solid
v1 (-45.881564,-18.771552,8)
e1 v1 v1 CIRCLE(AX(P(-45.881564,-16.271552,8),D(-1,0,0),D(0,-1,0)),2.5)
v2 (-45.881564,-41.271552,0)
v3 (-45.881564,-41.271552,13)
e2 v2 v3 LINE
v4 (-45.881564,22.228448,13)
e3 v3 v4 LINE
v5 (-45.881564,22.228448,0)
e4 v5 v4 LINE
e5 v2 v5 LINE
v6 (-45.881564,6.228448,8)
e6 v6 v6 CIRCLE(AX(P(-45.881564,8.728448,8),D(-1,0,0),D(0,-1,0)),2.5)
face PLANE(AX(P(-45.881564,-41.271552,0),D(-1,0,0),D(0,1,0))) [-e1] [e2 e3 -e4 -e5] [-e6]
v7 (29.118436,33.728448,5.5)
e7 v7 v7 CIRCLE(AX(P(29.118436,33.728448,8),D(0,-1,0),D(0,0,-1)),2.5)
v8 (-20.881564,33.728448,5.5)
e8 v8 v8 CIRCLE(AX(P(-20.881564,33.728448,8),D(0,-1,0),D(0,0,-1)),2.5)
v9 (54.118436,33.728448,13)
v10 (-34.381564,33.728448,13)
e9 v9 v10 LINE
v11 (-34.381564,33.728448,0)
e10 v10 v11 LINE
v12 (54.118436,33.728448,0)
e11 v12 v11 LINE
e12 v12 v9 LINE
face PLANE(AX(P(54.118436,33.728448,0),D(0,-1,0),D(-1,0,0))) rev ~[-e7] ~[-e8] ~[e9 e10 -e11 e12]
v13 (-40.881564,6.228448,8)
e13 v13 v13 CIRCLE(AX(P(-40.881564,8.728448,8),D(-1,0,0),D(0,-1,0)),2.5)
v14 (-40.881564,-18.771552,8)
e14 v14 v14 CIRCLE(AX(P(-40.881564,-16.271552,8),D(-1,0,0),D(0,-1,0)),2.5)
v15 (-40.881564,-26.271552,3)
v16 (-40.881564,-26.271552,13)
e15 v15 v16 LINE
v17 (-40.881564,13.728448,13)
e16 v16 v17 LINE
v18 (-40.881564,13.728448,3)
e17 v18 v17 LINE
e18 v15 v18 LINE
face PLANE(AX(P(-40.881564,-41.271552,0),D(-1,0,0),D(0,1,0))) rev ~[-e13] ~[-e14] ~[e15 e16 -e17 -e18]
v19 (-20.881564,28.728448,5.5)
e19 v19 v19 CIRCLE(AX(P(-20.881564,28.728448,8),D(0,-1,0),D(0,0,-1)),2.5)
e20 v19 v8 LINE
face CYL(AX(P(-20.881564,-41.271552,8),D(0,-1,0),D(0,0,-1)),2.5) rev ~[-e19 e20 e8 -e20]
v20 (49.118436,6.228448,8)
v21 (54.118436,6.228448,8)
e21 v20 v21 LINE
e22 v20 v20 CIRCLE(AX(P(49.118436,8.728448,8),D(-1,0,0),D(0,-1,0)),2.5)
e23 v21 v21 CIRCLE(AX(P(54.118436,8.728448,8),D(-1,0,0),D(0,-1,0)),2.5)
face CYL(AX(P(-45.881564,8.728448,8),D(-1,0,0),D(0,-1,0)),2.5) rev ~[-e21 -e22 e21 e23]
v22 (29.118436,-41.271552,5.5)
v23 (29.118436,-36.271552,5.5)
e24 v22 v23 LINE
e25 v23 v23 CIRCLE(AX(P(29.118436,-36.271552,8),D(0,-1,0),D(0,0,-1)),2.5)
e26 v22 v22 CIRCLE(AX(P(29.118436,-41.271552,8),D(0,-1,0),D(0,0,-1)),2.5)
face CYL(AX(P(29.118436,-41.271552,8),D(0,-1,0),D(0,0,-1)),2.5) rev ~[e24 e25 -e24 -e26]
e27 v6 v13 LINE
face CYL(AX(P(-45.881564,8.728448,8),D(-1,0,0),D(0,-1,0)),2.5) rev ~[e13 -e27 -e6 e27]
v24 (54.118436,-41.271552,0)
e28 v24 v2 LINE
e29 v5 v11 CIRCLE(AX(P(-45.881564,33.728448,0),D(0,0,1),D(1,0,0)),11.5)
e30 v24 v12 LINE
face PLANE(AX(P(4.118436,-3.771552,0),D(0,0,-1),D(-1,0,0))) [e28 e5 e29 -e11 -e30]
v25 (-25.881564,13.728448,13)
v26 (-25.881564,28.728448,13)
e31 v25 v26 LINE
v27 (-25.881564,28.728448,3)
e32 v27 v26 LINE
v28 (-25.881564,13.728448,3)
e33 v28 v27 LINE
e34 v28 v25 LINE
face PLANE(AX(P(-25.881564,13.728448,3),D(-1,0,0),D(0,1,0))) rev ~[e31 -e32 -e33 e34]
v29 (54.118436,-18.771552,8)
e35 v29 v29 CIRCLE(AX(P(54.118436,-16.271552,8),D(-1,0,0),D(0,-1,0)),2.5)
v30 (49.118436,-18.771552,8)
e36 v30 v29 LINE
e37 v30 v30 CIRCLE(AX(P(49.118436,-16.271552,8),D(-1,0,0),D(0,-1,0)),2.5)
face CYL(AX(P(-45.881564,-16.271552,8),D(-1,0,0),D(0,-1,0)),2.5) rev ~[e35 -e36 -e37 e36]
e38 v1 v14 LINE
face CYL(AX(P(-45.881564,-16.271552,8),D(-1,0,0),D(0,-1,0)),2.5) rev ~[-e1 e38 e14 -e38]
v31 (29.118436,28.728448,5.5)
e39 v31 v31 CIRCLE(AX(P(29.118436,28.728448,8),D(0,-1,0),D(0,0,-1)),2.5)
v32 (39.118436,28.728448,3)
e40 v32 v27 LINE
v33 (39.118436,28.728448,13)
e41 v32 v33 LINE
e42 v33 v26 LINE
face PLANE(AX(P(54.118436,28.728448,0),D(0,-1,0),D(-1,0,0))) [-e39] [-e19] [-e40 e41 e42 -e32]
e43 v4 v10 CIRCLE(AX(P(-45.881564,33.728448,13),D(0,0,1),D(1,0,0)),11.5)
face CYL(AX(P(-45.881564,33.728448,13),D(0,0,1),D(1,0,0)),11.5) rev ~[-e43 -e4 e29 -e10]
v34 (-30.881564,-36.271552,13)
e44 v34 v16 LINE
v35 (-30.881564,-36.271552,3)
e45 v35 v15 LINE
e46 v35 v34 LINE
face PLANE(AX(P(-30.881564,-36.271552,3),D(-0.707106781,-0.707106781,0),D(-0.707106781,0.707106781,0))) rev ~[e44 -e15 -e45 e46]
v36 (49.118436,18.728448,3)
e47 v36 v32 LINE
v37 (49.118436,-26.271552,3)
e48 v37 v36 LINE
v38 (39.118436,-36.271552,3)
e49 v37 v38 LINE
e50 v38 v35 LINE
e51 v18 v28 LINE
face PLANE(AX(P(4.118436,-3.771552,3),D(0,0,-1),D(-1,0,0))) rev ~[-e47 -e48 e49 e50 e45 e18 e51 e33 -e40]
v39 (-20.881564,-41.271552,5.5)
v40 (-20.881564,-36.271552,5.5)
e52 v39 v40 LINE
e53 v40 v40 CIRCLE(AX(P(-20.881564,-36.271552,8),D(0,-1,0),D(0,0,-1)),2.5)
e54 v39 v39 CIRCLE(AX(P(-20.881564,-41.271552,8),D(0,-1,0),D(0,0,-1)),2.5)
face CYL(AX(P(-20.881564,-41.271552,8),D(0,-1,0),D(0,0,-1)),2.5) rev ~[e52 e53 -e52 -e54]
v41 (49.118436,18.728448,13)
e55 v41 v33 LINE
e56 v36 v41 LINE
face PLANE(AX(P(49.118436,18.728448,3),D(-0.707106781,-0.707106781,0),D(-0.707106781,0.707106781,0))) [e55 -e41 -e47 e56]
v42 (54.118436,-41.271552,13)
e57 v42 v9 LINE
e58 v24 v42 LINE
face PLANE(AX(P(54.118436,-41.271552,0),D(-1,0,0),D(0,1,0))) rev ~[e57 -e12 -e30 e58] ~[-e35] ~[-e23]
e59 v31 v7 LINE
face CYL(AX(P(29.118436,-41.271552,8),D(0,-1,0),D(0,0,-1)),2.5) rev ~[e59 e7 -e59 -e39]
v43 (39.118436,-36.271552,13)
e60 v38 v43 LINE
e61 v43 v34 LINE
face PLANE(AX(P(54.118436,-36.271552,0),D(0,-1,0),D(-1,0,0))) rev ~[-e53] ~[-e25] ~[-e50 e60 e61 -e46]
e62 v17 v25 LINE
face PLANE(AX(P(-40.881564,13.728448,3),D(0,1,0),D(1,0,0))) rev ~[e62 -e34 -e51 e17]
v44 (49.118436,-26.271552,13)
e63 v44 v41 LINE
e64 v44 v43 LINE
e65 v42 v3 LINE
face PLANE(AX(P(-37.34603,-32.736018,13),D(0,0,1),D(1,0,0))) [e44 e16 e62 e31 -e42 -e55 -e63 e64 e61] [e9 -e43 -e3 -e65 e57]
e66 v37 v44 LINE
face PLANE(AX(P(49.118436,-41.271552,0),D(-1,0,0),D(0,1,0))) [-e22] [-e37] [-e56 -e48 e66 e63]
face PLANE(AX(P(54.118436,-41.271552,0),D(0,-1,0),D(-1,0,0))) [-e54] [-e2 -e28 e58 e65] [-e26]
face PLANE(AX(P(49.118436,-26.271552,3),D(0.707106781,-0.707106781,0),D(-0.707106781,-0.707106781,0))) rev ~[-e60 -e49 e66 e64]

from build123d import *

# Parameters (mm, degrees)
BOSS_EXTRU_1_DEPTH        = 13
COQUE1_T                  = -5
COQUE1_THICKNESS_2_FACE_W = 90
COQUE1_THICKNESS_2_FACE_H = 65
COQUE1_THICKNESS_2_DEPTH  = 2
ENL_V_MAT_EXTRU_1_REACH   = 110.96
ESQUISSE2_R               = 2.5
ENL_V_MAT_EXTRU_2_REACH   = 95.396
ESQUISSE3_R               = 2.5
ESQUISSE4_W               = 15
ESQUISSE4_H               = 15
BOSS_EXTRU_2_DEPTH        = 10
ESQUISSE6_R               = 11.5
ENL_V_MAT_EXTRU_4_DEPTH   = 13


with BuildPart() as part:
    # Esquisse1 → Boss.-Extru.1 (new body)
    with BuildSketch(Plane.XY):
        Polygon((44.118436308, 33.728448276), (54.118436308, 33.728448276), (54.118436308, 23.728448276), (54.118436308, -41.271551724), (-45.881563692, -41.271551724), (-45.881563692, 33.728448276), align=None)
    extrude(amount=BOSS_EXTRU_1_DEPTH)

    # Coque1
    coque1_openings = [part.faces().sort_by_distance(p)[0] for p in [
        (4.118436308, -3.771551724, 13),
    ]]
    offset(amount=COQUE1_T, openings=coque1_openings, kind=Kind.INTERSECTION)

    # Coque1 thickness 2 face (on inner face of the shell) → Coque1 thickness 2 (cut)
    with BuildSketch(Plane(origin=(4.118436308, -3.771551724, 5), x_dir=(-1, 0, 0), z_dir=(0, 0, -1))):
        Rectangle(COQUE1_THICKNESS_2_FACE_W, COQUE1_THICKNESS_2_FACE_H)
    extrude(amount=COQUE1_THICKNESS_2_DEPTH, mode=Mode.SUBTRACT)

    # Enlèv. mat.-Extru.1: up to this face of the body (flat: up to its plane)
    enl_v_mat_extru_1_end = Plane(part.part.faces().sort_by_distance((54.118436308, -3.771551724, 6.5))[0])
    # Esquisse2 → Enlèv. mat.-Extru.1 (cut, up to the picked face)
    with BuildSketch(Plane.ZY.offset(45.881563692), mode=Mode.PRIVATE) as enl_v_mat_extru_1_sk1:
        with Locations(Location((8, -16.271551724, 0), (0, 0, 270))):
            Circle(ESQUISSE2_R)
    enl_v_mat_extru_1_tool1 = split(extrude(enl_v_mat_extru_1_sk1.sketch, amount=-ENL_V_MAT_EXTRU_1_REACH, mode=Mode.PRIVATE), bisect_by=enl_v_mat_extru_1_end, keep=Keep.BOTH, mode=Mode.PRIVATE)
    # Esquisse2 → Enlèv. mat.-Extru.1 (cut, up to the picked face)
    with BuildSketch(Plane.ZY.offset(45.881563692), mode=Mode.PRIVATE) as enl_v_mat_extru_1_sk2:
        with Locations(Location((8, 8.728448276, 0), (0, 0, 270))):
            Circle(ESQUISSE2_R)
    enl_v_mat_extru_1_tool2 = split(extrude(enl_v_mat_extru_1_sk2.sketch, amount=-ENL_V_MAT_EXTRU_1_REACH, mode=Mode.PRIVATE), bisect_by=enl_v_mat_extru_1_end, keep=Keep.BOTH, mode=Mode.PRIVATE)
    add(enl_v_mat_extru_1_tool1.solids().sort_by(Axis((-45.881564, -16.271552, 8), (1, 0, 0)))[0], mode=Mode.SUBTRACT)
    add(enl_v_mat_extru_1_tool2.solids().sort_by(Axis((-45.881564, 8.728448, 8), (1, 0, 0)))[0], mode=Mode.SUBTRACT)

    # Enlèv. mat.-Extru.2: up to this face of the body (flat: up to its plane)
    enl_v_mat_extru_2_end = Plane(part.part.faces().sort_by_distance((4.118436308, 33.728448276, 6.5))[0])
    # Esquisse3 → Enlèv. mat.-Extru.2 (cut, up to the picked face)
    with BuildSketch(Plane.XZ.offset(41.271551724), mode=Mode.PRIVATE) as enl_v_mat_extru_2_sk1:
        with Locations(Location((-20.881563692, 8, 0), (0, 0, 270))):
            Circle(ESQUISSE3_R)
    enl_v_mat_extru_2_tool1 = split(extrude(enl_v_mat_extru_2_sk1.sketch, amount=-ENL_V_MAT_EXTRU_2_REACH, mode=Mode.PRIVATE), bisect_by=enl_v_mat_extru_2_end, keep=Keep.BOTH, mode=Mode.PRIVATE)
    # Esquisse3 → Enlèv. mat.-Extru.2 (cut, up to the picked face)
    with BuildSketch(Plane.XZ.offset(41.271551724), mode=Mode.PRIVATE) as enl_v_mat_extru_2_sk2:
        with Locations(Location((29.118436308, 8, 0), (0, 0, 270))):
            Circle(ESQUISSE3_R)
    enl_v_mat_extru_2_tool2 = split(extrude(enl_v_mat_extru_2_sk2.sketch, amount=-ENL_V_MAT_EXTRU_2_REACH, mode=Mode.PRIVATE), bisect_by=enl_v_mat_extru_2_end, keep=Keep.BOTH, mode=Mode.PRIVATE)
    add(enl_v_mat_extru_2_tool1.solids().sort_by(Axis((-20.881564, -41.271552, 8), (0, 1, 0)))[0], mode=Mode.SUBTRACT)
    add(enl_v_mat_extru_2_tool2.solids().sort_by(Axis((29.118436, -41.271552, 8), (0, 1, 0)))[0], mode=Mode.SUBTRACT)

    # Esquisse4 → Boss.-Extru.2 (add)
    with BuildSketch(Plane.XY.offset(3)):
        Polygon((-30.881563692, -36.271551724), (-40.881563692, -26.271551724), (-40.881563692, -36.271551724), align=None)
        Polygon((49.118436308, 28.728448276), (49.118436308, 18.728448276), (39.118436308, 28.728448276), align=None)
        Polygon((49.118436308, -36.271551724), (49.118436308, -26.271551724), (39.118436308, -36.271551724), align=None)
        with Locations((-33.381563692, 21.228448276)):
            Rectangle(ESQUISSE4_W, ESQUISSE4_H)
    extrude(amount=BOSS_EXTRU_2_DEPTH)

    # Esquisse6 → Enlèv. mat.-Extru.4 (cut)
    with BuildSketch(Plane.XY.offset(13)):
        with Locations((-45.881563692, 33.728448276)):
            Circle(ESQUISSE6_R)
    extrude(amount=-ENL_V_MAT_EXTRU_4_DEPTH, mode=Mode.SUBTRACT)


solid = part.part
